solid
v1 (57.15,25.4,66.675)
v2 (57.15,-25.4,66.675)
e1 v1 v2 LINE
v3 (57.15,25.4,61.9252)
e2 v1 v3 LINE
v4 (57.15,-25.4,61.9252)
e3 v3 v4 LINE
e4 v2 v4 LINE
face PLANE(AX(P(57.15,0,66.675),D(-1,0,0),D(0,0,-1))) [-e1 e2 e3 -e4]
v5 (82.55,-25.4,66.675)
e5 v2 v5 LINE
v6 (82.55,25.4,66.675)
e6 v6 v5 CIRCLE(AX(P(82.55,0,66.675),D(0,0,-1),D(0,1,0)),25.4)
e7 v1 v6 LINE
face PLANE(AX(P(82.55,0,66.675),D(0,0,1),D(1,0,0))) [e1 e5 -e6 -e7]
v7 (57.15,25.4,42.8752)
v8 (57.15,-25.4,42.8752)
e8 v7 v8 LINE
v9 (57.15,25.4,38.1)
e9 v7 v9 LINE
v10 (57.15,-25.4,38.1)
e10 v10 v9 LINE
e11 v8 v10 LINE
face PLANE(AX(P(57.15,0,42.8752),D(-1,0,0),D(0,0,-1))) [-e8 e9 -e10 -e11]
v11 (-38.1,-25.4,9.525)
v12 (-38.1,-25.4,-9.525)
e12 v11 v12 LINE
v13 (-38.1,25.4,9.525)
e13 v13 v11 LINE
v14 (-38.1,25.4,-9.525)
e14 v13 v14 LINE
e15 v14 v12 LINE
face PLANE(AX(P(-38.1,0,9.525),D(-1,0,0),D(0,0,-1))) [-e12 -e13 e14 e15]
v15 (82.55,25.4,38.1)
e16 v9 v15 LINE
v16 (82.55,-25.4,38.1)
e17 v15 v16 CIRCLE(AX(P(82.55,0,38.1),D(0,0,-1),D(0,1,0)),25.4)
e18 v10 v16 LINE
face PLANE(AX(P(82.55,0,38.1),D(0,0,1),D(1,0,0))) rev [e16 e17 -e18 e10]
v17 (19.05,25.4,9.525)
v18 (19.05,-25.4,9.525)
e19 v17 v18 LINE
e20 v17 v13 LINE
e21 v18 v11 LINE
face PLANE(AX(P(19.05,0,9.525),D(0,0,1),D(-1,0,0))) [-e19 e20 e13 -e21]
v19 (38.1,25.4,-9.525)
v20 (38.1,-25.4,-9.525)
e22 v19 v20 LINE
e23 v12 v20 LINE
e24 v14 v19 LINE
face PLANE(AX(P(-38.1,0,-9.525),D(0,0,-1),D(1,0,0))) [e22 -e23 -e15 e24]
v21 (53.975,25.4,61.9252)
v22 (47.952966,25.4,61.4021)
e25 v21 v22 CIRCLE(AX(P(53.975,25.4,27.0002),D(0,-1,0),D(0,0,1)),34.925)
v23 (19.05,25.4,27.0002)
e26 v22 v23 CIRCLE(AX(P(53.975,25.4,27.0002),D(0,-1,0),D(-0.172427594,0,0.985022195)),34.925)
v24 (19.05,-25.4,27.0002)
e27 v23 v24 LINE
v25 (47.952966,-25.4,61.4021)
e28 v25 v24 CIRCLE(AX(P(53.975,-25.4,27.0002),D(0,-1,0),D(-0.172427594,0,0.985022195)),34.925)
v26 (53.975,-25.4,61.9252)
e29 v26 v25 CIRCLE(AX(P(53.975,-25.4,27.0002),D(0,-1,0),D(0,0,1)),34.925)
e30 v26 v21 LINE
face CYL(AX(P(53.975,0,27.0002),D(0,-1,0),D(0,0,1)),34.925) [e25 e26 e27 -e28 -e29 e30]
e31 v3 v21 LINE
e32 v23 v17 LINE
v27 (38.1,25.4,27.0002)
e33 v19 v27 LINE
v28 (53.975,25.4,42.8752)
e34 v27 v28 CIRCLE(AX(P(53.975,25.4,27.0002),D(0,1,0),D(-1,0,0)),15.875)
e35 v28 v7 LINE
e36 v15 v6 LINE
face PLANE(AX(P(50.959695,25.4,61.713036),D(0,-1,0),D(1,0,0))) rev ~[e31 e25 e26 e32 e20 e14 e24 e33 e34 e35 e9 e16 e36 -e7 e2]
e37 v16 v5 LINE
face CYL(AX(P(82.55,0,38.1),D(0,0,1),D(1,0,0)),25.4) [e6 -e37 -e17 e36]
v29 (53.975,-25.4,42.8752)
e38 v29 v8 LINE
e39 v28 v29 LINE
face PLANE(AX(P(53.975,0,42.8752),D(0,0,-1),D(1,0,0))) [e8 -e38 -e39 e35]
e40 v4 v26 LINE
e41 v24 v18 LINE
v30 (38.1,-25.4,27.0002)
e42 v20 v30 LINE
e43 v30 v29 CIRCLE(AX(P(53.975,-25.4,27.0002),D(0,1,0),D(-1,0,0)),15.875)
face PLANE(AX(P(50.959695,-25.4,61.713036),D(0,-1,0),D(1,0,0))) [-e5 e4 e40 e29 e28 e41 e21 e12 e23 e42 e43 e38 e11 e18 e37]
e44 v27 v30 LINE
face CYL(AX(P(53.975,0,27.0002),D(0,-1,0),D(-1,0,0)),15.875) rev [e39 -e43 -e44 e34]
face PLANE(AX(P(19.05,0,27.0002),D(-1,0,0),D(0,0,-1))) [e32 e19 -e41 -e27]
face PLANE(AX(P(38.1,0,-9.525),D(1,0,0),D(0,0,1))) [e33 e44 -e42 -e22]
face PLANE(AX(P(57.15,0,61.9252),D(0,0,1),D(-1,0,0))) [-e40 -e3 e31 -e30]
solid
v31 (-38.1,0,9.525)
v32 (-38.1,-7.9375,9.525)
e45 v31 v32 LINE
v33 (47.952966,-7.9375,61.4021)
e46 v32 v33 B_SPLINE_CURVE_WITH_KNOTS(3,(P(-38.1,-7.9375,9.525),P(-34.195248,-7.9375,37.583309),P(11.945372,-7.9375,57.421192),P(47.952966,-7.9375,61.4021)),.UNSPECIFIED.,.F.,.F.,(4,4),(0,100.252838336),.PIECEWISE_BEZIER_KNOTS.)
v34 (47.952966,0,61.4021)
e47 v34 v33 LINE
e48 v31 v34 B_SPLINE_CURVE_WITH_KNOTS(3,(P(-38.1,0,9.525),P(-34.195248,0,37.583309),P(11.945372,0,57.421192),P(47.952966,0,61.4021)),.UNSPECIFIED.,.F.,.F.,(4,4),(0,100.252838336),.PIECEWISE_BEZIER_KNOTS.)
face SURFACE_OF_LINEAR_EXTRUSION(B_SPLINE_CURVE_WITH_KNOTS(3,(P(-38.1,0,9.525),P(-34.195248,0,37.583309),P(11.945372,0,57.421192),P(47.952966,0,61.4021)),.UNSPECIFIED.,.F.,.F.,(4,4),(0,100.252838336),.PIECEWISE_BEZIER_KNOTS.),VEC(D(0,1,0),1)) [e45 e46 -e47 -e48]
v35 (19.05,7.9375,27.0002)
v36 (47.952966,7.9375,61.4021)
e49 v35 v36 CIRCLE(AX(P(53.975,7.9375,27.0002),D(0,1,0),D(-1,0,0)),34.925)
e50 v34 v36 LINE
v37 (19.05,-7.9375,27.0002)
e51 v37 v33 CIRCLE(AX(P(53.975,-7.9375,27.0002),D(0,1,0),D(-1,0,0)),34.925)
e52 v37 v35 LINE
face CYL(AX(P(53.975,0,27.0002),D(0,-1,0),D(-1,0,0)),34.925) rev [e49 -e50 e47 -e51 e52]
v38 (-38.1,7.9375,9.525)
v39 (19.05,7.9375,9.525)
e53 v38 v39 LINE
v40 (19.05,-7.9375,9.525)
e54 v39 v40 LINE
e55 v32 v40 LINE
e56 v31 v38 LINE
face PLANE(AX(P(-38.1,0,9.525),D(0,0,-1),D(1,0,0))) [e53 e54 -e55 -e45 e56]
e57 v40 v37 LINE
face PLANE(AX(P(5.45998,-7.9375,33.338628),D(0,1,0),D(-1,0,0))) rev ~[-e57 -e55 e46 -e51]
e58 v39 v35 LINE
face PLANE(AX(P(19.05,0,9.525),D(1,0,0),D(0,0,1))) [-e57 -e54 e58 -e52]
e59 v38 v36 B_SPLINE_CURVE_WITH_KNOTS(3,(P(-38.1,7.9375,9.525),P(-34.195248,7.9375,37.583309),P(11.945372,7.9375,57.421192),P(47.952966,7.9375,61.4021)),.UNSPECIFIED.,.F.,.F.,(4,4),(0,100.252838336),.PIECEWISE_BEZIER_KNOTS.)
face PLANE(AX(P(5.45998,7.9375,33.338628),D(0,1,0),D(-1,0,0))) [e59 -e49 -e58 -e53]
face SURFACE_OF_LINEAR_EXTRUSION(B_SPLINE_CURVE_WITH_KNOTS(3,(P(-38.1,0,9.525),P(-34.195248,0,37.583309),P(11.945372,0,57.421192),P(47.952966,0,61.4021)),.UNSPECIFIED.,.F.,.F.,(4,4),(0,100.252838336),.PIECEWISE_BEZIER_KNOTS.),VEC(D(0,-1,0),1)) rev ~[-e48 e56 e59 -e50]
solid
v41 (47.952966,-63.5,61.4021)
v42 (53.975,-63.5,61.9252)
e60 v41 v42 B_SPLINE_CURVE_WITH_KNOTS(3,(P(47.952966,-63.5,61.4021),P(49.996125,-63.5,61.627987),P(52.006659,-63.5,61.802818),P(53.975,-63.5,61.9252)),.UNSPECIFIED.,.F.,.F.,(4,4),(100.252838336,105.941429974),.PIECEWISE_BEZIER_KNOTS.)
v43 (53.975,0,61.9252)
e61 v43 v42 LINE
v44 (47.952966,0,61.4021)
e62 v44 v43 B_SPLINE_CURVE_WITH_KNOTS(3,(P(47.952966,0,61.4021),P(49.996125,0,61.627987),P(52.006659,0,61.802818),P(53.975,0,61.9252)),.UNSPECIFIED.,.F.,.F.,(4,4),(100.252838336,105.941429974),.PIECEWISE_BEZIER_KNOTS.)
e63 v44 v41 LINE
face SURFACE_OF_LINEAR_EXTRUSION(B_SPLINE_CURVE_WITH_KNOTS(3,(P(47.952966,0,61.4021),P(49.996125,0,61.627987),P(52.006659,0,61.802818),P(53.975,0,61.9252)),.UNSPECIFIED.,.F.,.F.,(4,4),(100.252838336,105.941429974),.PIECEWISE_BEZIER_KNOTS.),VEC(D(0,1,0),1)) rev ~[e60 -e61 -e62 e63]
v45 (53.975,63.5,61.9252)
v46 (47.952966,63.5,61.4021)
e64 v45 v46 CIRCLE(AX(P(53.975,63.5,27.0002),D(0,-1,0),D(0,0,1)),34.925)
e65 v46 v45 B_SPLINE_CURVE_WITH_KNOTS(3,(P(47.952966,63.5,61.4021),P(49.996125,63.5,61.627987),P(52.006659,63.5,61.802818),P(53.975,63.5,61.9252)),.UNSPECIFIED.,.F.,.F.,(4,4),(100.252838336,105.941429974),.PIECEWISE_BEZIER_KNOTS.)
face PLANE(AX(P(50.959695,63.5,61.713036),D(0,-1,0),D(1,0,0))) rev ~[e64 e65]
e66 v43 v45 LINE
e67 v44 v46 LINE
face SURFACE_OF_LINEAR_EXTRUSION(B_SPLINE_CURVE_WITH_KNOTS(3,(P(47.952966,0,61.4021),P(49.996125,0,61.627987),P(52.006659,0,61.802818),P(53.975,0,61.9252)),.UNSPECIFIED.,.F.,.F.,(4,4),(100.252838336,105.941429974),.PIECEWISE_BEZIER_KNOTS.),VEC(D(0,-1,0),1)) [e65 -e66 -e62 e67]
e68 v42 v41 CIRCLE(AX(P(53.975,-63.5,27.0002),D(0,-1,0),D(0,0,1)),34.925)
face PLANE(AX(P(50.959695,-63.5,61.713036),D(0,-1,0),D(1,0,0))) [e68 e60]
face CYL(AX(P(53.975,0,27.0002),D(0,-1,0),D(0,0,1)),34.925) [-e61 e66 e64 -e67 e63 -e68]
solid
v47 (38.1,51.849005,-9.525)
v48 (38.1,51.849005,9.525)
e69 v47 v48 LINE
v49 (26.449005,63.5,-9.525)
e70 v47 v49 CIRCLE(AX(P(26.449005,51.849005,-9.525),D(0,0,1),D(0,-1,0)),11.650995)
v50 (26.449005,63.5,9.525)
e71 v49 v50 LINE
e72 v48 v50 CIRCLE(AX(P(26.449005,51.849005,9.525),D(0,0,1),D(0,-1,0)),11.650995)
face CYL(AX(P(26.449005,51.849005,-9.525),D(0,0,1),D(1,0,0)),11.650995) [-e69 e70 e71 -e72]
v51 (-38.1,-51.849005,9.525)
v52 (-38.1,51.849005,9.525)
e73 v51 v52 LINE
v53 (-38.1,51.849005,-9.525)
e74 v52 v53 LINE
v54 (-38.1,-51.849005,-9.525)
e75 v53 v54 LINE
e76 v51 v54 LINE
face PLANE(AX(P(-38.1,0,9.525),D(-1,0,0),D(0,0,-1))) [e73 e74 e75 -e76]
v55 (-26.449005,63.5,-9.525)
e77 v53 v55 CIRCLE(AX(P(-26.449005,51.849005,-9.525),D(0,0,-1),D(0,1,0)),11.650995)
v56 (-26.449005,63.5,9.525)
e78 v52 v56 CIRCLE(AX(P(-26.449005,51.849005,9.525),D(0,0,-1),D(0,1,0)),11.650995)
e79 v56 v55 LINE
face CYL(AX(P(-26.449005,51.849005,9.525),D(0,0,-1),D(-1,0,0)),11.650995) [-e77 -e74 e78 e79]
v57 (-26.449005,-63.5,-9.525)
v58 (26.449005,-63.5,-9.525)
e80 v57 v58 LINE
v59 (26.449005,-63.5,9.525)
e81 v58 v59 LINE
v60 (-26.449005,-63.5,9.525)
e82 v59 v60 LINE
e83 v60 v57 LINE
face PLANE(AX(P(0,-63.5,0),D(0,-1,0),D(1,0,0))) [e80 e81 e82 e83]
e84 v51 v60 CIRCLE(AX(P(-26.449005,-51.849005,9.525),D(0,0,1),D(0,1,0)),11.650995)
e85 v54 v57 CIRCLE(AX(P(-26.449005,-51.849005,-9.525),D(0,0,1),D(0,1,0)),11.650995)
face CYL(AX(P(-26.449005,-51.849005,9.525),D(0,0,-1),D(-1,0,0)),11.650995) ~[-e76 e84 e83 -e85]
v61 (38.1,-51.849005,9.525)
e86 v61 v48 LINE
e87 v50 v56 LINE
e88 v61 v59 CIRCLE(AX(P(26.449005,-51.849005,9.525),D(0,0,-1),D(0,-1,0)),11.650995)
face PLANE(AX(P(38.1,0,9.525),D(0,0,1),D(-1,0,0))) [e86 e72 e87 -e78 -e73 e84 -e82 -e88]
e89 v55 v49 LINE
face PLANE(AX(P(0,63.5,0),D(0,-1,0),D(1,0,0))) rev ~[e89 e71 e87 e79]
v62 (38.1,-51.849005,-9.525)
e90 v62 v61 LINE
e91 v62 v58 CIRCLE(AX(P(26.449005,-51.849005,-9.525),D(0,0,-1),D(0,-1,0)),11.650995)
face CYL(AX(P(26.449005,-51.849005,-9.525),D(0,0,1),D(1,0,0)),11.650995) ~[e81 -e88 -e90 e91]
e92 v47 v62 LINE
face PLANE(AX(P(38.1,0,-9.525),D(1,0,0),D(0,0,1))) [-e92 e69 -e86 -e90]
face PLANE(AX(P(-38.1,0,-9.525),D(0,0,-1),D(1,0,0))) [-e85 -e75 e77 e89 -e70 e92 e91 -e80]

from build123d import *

# Parameters (mm, degrees)
F1_DEPTH = 63.5
F0_W     = 25.4
F0_H     = 4.7498
F0_H_2   = 4.7752
F0_H_3   = 19.05
F2_DEPTH = 25.4
F3_DEPTH = 7.9375
F4_R     = 11.650994652


with BuildPart() as f1:
    # F0 (on Front) → F1 (new body, symmetric)
    with BuildSketch(Plane.XZ):
        with BuildLine():
            ThreePointArc((53.975, 61.9252), (50.9526448085, 61.7941792794), (47.9529662758, 61.402100163))
            add(Edge.make_bspline(
                [(47.9529662758, 61.402100163), (49.9961253717, 61.6279866197), (52.0066591071, 61.8028182826), (53.975, 61.9252)],
                knots=[100.2528383357, 100.2528383357, 100.2528383357, 100.2528383357, 105.9414299745, 105.9414299745, 105.9414299745, 105.9414299745], degree=3))
        make_face()
    extrude(amount=F1_DEPTH, both=True)


with BuildPart() as f1b:
    # F0 (on Front) → F1, piece 2 (new body, symmetric)
    with BuildSketch(Plane.XZ):
        Polygon((19.05, 9.525), (-38.1, 9.525), (-38.1, -9.525), (38.1, -9.525), (38.1, 9.525), align=None)
    extrude(amount=F1_DEPTH, both=True)

    # F4
    f4_edges = [f1b.edges().sort_by_distance(p)[0] for p in [
        (-38.1, 63.5, 0),
        (38.1, 63.5, 0),
        (-38.1, -63.5, 0),
        (38.1, -63.5, 0),
    ]]
    fillet(f4_edges, radius=F4_R)


with BuildPart() as f2:
    # F0 (on Front) → F2 (new body, symmetric)
    with BuildSketch(Plane.XZ):
        with BuildLine():
            ThreePointArc((53.975, 61.9252), (50.9526448085, 61.7941792794), (47.9529662758, 61.402100163))
            add(Edge.make_bspline(
                [(47.9529662758, 61.402100163), (49.9961253717, 61.6279866197), (52.0066591071, 61.8028182826), (53.975, 61.9252)],
                knots=[100.2528383357, 100.2528383357, 100.2528383357, 100.2528383357, 105.9414299745, 105.9414299745, 105.9414299745, 105.9414299745], degree=3))
        make_face()
        Polygon((19.05, 9.525), (-38.1, 9.525), (-38.1, -9.525), (38.1, -9.525), (38.1, 9.525), align=None)
        with Locations((69.85, 64.3001)):
            Rectangle(F0_W, F0_H)
        with Locations((69.85, 40.4876)):
            Rectangle(F0_W, F0_H_2)
        with Locations((69.85, 52.4002)):
            Rectangle(F0_W, F0_H_3)
        with BuildLine():
            Line((19.05, 27.0002), (19.05, 9.525))
            Line((19.05, 9.525), (38.1, 9.525))
            Line((38.1, 9.525), (38.1, 27.0002))
            ThreePointArc((38.1, 27.0002), (42.7496798487, 38.2255201513), (53.975, 42.8752))
            Line((53.975, 42.8752), (57.15, 42.8752))
            Line((57.15, 42.8752), (57.15, 61.9252))
            Line((57.15, 61.9252), (53.975, 61.9252))
            add(Edge.make_bspline(
                [(47.9529662758, 61.402100163), (49.9961253717, 61.6279866197), (52.0066591071, 61.8028182826), (53.975, 61.9252)],
                knots=[100.2528383357, 100.2528383357, 100.2528383357, 100.2528383357, 105.9414299745, 105.9414299745, 105.9414299745, 105.9414299745], degree=3))
            ThreePointArc((47.9529662758, 61.402100163), (27.234813456, 49.4661308419), (19.05, 27.0002))
        make_face()
    extrude(amount=F2_DEPTH, both=True)

    # F0 (on Front) → F5 (revolve)
    with BuildSketch(Plane.XZ):
        Polygon((82.55, 66.675), (82.55, 61.9252), (82.55, 42.8752), (82.55, 38.1), (107.95, 38.1), (107.95, 66.675), align=None)
    revolve(axis=Axis((82.55, 0, 52.3875), (0, 0, 1)))


with BuildPart() as f3:
    # F0 (on Front) → F3 (new body, symmetric)
    with BuildSketch(Plane.XZ):
        with BuildLine():
            add(Edge.make_bspline(
                [(-38.1, 9.525), (-34.195247873, 37.5833089154), (11.9453722091, 57.4211924335), (47.9529662758, 61.402100163)],
                knots=[0, 0, 0, 0, 100.2528383357, 100.2528383357, 100.2528383357, 100.2528383357], degree=3))
            Line((-38.1, 9.525), (19.05, 9.525))
            Line((19.05, 9.525), (19.05, 27.0002))
            ThreePointArc((19.05, 27.0002), (27.234813456, 49.4661308419), (47.9529662758, 61.402100163))
        make_face()
    extrude(amount=F3_DEPTH, both=True)


solid = Compound([f1.part, f1b.part, f2.part, f3.part])
